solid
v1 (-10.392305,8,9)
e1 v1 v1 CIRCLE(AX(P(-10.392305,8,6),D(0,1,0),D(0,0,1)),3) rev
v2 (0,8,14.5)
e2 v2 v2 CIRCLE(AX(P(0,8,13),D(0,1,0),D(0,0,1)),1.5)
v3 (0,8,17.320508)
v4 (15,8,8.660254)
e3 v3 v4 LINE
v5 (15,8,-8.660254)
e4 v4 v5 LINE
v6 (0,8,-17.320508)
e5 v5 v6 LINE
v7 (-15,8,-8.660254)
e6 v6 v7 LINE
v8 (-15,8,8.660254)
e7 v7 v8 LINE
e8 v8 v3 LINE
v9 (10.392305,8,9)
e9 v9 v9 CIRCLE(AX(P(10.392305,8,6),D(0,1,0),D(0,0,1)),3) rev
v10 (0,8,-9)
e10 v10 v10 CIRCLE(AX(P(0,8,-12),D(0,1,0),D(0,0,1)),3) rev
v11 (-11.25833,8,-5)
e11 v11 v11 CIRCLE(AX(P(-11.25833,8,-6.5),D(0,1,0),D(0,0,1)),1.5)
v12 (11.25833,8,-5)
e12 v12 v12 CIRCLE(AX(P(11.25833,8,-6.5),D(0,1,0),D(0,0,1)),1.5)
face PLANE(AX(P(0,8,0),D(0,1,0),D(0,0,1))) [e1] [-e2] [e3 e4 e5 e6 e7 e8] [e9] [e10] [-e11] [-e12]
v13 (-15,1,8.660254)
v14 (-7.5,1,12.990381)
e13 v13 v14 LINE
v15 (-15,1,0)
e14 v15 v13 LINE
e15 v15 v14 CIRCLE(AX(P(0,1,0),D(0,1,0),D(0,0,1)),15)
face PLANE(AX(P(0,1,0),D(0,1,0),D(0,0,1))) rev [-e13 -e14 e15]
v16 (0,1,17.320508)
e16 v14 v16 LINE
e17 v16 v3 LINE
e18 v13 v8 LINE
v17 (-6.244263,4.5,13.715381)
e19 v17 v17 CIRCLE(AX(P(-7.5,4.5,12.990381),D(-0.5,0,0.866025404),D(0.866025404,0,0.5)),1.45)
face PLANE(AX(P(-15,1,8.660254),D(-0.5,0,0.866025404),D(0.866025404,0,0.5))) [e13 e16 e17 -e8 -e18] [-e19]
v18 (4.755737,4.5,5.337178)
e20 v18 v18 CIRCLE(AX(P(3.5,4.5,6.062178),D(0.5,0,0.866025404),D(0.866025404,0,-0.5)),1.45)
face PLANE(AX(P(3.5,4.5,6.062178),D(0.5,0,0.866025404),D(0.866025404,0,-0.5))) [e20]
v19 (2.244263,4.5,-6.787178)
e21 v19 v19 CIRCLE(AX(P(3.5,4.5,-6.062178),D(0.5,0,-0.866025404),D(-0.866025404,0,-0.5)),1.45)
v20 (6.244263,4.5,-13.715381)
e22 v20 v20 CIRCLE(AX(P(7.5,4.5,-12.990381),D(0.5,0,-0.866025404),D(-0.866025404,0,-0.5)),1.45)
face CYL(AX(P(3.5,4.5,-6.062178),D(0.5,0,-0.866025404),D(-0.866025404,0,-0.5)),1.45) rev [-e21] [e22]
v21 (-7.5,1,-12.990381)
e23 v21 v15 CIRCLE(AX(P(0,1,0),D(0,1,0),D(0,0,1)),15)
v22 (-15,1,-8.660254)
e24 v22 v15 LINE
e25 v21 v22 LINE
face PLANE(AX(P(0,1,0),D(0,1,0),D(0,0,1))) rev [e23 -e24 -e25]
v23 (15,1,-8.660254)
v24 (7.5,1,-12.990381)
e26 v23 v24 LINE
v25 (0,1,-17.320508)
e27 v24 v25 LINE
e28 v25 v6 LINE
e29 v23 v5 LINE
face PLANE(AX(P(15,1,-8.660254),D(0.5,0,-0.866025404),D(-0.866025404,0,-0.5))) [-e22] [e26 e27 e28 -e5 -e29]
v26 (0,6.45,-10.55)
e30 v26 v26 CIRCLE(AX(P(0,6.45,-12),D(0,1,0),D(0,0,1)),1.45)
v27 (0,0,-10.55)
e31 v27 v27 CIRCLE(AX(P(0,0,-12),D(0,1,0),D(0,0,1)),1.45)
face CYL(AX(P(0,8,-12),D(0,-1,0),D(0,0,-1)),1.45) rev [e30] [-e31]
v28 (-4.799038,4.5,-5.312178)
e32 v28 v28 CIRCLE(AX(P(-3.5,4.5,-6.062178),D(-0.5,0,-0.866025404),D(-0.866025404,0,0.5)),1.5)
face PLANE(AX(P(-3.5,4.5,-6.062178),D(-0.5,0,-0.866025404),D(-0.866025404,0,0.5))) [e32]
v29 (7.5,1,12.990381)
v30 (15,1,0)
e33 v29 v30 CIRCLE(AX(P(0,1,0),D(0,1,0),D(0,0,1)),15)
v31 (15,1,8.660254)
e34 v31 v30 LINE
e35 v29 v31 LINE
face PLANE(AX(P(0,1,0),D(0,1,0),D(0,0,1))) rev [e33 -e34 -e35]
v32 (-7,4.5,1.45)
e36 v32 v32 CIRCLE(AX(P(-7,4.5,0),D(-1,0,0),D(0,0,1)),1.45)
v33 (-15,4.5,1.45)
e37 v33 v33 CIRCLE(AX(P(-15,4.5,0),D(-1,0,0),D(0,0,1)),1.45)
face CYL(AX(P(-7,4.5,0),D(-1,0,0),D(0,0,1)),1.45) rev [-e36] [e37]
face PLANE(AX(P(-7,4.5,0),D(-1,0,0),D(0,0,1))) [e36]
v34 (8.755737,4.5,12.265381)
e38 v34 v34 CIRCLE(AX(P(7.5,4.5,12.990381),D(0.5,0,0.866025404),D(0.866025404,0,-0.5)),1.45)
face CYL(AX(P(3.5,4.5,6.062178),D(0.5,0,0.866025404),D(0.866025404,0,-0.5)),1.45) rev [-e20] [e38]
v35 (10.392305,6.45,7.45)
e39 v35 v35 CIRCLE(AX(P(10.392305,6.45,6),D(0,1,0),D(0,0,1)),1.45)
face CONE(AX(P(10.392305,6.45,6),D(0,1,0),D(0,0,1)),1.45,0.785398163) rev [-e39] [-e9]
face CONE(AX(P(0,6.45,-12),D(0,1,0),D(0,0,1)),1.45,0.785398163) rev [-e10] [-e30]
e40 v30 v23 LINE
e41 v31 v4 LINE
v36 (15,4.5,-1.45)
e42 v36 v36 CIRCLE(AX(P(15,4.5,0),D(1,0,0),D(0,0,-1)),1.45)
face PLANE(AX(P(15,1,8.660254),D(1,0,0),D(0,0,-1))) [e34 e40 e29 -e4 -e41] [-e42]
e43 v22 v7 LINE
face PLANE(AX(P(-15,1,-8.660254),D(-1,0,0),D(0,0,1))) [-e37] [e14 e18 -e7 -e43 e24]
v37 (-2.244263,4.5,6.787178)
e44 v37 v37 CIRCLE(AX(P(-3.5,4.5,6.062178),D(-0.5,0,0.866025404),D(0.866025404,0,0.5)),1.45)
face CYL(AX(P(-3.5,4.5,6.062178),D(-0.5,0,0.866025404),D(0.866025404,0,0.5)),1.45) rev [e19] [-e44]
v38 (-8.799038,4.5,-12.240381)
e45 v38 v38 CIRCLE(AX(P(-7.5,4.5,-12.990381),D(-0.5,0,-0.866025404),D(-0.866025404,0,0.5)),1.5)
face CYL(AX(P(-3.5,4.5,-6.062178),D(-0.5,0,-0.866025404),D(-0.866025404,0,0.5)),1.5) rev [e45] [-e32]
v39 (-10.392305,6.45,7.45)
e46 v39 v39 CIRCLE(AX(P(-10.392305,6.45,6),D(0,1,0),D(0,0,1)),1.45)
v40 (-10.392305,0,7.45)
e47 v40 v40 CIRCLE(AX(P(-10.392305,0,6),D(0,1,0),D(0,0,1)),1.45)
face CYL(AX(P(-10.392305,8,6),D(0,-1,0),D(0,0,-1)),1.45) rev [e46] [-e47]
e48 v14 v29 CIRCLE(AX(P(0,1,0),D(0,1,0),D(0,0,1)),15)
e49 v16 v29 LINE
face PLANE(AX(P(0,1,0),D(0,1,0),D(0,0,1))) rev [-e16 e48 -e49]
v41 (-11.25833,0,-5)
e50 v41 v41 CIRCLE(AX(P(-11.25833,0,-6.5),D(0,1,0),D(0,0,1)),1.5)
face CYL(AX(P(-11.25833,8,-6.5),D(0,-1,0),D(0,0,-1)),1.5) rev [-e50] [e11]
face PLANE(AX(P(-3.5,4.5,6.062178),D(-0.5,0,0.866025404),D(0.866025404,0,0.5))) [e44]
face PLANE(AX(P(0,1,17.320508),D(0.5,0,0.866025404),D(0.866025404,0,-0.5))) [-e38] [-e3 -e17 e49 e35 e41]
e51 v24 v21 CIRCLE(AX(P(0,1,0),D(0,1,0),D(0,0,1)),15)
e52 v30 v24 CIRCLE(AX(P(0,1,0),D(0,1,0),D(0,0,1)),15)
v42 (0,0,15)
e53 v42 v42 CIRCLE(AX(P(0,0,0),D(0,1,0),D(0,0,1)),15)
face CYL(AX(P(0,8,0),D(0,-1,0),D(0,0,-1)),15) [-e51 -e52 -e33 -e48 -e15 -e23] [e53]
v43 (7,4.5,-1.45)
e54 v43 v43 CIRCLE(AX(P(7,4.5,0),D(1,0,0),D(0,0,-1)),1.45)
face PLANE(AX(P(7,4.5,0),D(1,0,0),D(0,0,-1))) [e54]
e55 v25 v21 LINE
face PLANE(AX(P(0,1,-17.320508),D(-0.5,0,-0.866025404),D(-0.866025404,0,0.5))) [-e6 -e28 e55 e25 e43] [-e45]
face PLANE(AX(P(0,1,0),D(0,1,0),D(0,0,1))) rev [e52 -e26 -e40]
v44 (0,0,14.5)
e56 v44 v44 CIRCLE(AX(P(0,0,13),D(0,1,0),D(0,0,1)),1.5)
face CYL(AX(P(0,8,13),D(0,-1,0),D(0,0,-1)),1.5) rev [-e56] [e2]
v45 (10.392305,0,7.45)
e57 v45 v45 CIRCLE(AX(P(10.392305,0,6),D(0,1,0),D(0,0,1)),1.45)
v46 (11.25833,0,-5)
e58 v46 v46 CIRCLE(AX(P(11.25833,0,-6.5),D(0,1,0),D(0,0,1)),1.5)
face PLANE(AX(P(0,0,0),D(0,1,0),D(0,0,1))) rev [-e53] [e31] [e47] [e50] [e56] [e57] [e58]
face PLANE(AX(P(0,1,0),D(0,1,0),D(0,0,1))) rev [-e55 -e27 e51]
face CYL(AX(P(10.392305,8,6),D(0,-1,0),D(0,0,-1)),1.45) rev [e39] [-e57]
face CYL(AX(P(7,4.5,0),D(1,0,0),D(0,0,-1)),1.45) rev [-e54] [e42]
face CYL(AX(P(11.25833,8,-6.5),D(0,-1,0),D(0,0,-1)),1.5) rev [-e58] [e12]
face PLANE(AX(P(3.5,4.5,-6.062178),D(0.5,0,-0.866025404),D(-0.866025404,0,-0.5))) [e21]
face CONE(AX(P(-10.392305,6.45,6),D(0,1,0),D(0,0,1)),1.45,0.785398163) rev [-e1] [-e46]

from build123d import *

# Parameters (mm, degrees)
SKETCH_1_R          = 15
SKETCH_1_R_2        = 1.45
SKETCH_1_R_3        = 1.5
EXTRUDE_1_DEPTH     = 8
SKETCH_2_R          = 1.45
SKETCH_2_R_2        = 1.5
EXTRUDE_2_DEPTH     = 7
SKETCH_3_R          = 1.45
CUT_EXTRUDE_1_DEPTH = 8
SKETCH_4_R          = 1.45
CUT_EXTRUDE_2_DEPTH = 8
SKETCH_5_R          = 1.45
CUT_EXTRUDE_3_DEPTH = 8
SKETCH_6_R          = 1.45
CUT_EXTRUDE_4_DEPTH = 8
SKETCH_7_R          = 1.45
CUT_EXTRUDE_5_DEPTH = 8
SKETCH_8_R          = 1.5
CUT_EXTRUDE_6_DEPTH = 8
CHAMFER_1_SIZE      = 1.55


with BuildPart() as part:
    # 草图1 → 凸台-拉伸1 (new body)
    with BuildSketch(Plane(origin=(0, 0, 0), x_dir=(1, 0, 0), z_dir=(0, 1, 0))):
        Circle(SKETCH_1_R)
        with Locations((0, 12)):
            Circle(SKETCH_1_R_2, mode=Mode.SUBTRACT)
        with Locations((-10.392304845, -6)):
            Circle(SKETCH_1_R_2, mode=Mode.SUBTRACT)
        with Locations((10.392304845, -6)):
            Circle(SKETCH_1_R_2, mode=Mode.SUBTRACT)
        with Locations((-11.258330249, 6.5)):
            Circle(SKETCH_1_R_3, mode=Mode.SUBTRACT)
        with Locations((0, -13)):
            Circle(SKETCH_1_R_3, mode=Mode.SUBTRACT)
        with Locations((11.258330249, 6.5)):
            Circle(SKETCH_1_R_3, mode=Mode.SUBTRACT)
    extrude(amount=EXTRUDE_1_DEPTH)

    # 草图2 → 凸台-拉伸2 (add)
    with BuildSketch(Plane(origin=(0, 8, 0), x_dir=(1, 0, 0), z_dir=(0, 1, 0))):
        Polygon((0, 17.320508076), (-15, 8.660254038), (-15, -8.660254038), (0, -17.320508076), (15, -8.660254038), (15, 8.660254038), align=None)
        with Locations((0, 12)):
            Circle(SKETCH_2_R, mode=Mode.SUBTRACT)
        with Locations((-11.258330249, 6.5)):
            Circle(SKETCH_2_R_2, mode=Mode.SUBTRACT)
        with Locations((11.258330249, 6.5)):
            Circle(SKETCH_2_R_2, mode=Mode.SUBTRACT)
        with Locations((-10.392304845, -6)):
            Circle(SKETCH_2_R, mode=Mode.SUBTRACT)
        with Locations((0, -13)):
            Circle(SKETCH_2_R_2, mode=Mode.SUBTRACT)
        with Locations((10.392304845, -6)):
            Circle(SKETCH_2_R, mode=Mode.SUBTRACT)
    extrude(amount=-EXTRUDE_2_DEPTH)

    # 草图3 → 切除-拉伸1 (cut)
    with BuildSketch(Plane(origin=(7.5, 0, 12.990381057), x_dir=(0.866025404, 0, -0.5), z_dir=(0.5, 0, 0.866025404))):
        with Locations((0, 4.5)):
            Circle(SKETCH_3_R)
    extrude(amount=-CUT_EXTRUDE_1_DEPTH, mode=Mode.SUBTRACT)

    # 草图4 → 切除-拉伸2 (cut)
    with BuildSketch(Plane(origin=(-7.5, 0, 12.990381057), x_dir=(0.866025404, 0, 0.5), z_dir=(-0.5, 0, 0.866025404))):
        with Locations((0, 4.5)):
            Circle(SKETCH_4_R)
    extrude(amount=-CUT_EXTRUDE_2_DEPTH, mode=Mode.SUBTRACT)

    # 草图5 → 切除-拉伸3 (cut)
    with BuildSketch(Plane.ZY.offset(15)):
        with Locations((0, 4.5)):
            Circle(SKETCH_5_R)
    extrude(amount=-CUT_EXTRUDE_3_DEPTH, mode=Mode.SUBTRACT)

    # 草图6 → 切除-拉伸4 (cut)
    with BuildSketch(Plane(origin=(15, 0, 0), x_dir=(0, 0, -1), z_dir=(1, 0, 0))):
        with Locations((0, 4.5)):
            Circle(SKETCH_6_R)
    extrude(amount=-CUT_EXTRUDE_4_DEPTH, mode=Mode.SUBTRACT)

    # 草图7 → 切除-拉伸5 (cut)
    with BuildSketch(Plane(origin=(7.5, 0, -12.990381057), x_dir=(-0.866025404, 0, -0.5), z_dir=(0.5, 0, -0.866025404))):
        with Locations((0, 4.5)):
            Circle(SKETCH_7_R)
    extrude(amount=-CUT_EXTRUDE_5_DEPTH, mode=Mode.SUBTRACT)

    # 草图8 → 切除-拉伸6 (cut)
    with BuildSketch(Plane(origin=(-7.5, 0, -12.990381057), x_dir=(-0.866025404, 0, 0.5), z_dir=(-0.5, 0, -0.866025404))):
        with Locations((0, 4.5)):
            Circle(SKETCH_8_R)
    extrude(amount=-CUT_EXTRUDE_6_DEPTH, mode=Mode.SUBTRACT)

    # 倒角1
    chamfer_1_edges = [part.edges().sort_by_distance(p)[0] for p in [
        (8.942304845, 8, 6),
        (-1.45, 8, -12),
        (-11.842304845, 8, 6),
    ]]
    chamfer(chamfer_1_edges, length=CHAMFER_1_SIZE)


solid = part.part
